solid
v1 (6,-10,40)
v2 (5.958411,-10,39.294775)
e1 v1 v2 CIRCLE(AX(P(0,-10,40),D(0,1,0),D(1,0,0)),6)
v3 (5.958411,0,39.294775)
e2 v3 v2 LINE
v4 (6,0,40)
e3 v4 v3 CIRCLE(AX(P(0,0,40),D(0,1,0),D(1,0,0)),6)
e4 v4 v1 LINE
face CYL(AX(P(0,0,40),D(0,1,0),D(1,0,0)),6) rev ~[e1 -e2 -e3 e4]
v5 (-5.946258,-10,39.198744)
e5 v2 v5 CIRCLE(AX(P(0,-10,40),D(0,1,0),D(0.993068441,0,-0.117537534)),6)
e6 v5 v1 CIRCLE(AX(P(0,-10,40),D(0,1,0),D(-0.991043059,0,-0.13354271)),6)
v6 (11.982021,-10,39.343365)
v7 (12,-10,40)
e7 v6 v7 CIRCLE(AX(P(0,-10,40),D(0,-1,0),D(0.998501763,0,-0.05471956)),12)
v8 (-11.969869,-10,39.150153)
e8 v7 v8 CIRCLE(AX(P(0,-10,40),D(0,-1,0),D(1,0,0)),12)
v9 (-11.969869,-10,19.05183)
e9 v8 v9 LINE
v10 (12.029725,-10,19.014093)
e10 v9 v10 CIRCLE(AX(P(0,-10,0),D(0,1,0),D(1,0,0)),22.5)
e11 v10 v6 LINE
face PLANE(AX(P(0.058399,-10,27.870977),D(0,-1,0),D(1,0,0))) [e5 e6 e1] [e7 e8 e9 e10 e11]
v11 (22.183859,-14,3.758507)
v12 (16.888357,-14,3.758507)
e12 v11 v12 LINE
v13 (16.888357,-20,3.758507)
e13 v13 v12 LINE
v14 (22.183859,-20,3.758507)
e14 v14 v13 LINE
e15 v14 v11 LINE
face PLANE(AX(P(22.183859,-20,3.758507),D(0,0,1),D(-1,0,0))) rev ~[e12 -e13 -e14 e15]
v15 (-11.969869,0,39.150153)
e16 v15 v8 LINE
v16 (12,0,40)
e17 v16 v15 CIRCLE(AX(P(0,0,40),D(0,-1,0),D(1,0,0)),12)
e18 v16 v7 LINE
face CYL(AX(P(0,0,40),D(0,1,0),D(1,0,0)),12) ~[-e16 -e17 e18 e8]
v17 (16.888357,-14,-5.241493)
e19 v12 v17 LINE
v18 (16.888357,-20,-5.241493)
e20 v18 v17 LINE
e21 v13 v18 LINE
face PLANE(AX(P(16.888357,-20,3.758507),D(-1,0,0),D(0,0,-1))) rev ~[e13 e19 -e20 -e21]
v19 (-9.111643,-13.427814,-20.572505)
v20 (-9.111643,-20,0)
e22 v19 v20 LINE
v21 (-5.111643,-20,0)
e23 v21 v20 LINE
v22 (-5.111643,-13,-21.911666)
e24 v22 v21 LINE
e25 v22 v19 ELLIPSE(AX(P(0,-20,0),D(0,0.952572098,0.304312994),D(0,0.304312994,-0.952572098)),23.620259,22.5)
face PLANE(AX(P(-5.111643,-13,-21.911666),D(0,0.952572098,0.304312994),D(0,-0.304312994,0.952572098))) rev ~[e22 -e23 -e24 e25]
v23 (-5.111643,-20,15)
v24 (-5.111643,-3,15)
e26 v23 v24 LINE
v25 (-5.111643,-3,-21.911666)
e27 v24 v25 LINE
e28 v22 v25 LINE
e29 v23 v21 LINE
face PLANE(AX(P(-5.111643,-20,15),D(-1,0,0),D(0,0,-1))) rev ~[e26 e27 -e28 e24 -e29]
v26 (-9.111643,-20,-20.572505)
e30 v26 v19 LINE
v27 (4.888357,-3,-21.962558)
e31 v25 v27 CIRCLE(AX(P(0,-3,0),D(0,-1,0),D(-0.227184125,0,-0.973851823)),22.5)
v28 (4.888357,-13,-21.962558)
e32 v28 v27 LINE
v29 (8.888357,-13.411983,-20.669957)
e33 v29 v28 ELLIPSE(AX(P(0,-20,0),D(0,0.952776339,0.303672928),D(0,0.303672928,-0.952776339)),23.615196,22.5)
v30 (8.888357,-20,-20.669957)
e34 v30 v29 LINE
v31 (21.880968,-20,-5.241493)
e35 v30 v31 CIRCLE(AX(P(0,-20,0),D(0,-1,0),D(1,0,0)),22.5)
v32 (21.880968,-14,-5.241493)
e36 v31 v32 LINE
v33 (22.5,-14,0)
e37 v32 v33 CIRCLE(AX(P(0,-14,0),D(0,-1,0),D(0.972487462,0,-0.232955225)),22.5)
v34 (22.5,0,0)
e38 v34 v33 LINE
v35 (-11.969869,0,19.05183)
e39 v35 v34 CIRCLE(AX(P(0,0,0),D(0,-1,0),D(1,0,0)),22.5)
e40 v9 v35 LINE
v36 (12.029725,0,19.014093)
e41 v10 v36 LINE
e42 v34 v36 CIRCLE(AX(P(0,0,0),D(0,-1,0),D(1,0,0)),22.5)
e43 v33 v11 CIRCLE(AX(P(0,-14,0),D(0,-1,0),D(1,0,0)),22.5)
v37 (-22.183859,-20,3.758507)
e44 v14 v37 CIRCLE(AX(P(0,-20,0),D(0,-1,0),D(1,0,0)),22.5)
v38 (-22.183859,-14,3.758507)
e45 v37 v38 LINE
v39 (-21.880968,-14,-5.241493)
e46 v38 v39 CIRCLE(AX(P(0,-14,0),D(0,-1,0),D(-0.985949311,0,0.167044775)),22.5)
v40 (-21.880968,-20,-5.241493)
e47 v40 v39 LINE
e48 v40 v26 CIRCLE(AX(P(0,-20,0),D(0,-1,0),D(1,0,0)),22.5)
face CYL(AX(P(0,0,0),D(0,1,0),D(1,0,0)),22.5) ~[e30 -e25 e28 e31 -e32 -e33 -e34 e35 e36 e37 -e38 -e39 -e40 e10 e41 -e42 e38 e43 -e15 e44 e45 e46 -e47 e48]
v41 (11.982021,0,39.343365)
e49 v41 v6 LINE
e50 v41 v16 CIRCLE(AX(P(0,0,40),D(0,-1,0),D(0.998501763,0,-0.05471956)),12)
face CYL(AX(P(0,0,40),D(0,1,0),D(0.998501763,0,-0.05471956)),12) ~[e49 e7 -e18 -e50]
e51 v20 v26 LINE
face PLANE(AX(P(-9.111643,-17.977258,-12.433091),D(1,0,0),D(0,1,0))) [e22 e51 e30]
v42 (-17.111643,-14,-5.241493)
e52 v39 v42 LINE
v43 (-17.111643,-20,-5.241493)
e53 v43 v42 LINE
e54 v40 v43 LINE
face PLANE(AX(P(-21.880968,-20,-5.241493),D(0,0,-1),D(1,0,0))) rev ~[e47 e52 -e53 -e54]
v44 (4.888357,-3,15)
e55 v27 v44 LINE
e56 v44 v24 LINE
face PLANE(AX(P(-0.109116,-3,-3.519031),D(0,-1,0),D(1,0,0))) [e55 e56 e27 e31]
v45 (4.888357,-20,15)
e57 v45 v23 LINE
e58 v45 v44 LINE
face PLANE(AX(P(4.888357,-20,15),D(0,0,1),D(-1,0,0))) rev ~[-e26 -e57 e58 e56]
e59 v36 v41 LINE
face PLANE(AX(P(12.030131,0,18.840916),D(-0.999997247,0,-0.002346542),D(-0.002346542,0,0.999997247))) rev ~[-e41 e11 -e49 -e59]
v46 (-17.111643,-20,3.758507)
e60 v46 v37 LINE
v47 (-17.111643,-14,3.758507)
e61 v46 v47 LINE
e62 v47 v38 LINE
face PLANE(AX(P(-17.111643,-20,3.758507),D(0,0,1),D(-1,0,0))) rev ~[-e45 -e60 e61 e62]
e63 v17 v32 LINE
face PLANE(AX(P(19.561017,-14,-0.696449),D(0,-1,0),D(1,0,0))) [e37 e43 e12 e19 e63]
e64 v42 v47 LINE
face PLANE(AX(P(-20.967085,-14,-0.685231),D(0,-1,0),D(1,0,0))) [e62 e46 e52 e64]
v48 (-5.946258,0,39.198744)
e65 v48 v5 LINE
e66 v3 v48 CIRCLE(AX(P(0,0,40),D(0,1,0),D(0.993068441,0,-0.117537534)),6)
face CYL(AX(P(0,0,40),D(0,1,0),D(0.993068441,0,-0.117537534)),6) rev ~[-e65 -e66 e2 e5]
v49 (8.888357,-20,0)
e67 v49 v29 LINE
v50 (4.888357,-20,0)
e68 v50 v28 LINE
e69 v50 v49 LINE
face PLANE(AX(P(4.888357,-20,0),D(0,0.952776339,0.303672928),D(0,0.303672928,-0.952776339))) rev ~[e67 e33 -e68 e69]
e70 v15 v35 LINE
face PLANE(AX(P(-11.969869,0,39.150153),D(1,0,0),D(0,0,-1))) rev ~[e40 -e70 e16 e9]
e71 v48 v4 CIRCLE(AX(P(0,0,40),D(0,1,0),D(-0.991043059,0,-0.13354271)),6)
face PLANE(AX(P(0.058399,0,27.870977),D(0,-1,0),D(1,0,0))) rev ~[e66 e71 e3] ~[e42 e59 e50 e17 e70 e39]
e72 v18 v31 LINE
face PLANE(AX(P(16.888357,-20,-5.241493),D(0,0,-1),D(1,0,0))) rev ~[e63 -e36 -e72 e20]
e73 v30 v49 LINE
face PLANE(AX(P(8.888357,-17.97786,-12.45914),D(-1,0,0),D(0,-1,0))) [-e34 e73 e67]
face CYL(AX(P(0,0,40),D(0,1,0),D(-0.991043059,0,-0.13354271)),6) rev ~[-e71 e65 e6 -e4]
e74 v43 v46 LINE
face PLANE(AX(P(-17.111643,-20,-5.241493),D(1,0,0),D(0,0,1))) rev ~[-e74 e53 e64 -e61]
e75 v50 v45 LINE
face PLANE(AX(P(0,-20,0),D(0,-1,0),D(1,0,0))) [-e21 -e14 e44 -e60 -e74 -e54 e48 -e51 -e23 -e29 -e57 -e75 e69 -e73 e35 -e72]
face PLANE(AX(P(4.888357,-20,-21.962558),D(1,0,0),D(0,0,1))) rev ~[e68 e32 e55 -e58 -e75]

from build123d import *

# Parameters (mm, degrees)
F0_R      = 22.5
F1_DEPTH  = 20
F2_W      = 2.5675058744
F2_H      = 9
F3_DEPTH  = 6
F5_DEPTH  = 17
F7_DEPTH  = 4
F9_DEPTH  = 4
F11_DEPTH = 10


with BuildPart() as f1:
    # F0 (on Front) → F1 (new body)
    with BuildSketch(Plane.XZ):
        Circle(F0_R)
    extrude(amount=F1_DEPTH)

    # F2 (on face) → F3 (cut)
    with BuildSketch(Plane.XZ.offset(20)):
        with BuildLine():
            Line((-19.6791486824, 3.7585074455), (-22.183859488, 3.7585074455))
            ThreePointArc((-22.183859488, 3.7585074455), (-22.4872686861, -0.7568005275), (-21.8809678899, -5.2414925545))
            Line((-21.8809678899, -5.2414925545), (-19.6791486824, -5.2414925545))
            Line((-19.6791486824, -5.2414925545), (-19.6791486824, 3.7585074455))
        make_face()
        with Locations((-18.3953957452, -0.7414925545)):
            Rectangle(F2_W, F2_H)
        with BuildLine():
            ThreePointArc((22.5, 0), (22.42082557, 1.885889912), (22.183859488, 3.7585074455))
            Line((22.183859488, 3.7585074455), (16.888357192, 3.7585074455))
            Line((16.888357192, 3.7585074455), (16.888357192, -5.2414925545))
            Line((16.888357192, -5.2414925545), (21.8809678899, -5.2414925545))
            ThreePointArc((21.8809678899, -5.2414925545), (22.3447060567, -2.638960257), (22.5, 0))
        make_face()
    extrude(amount=-F3_DEPTH, mode=Mode.SUBTRACT)

    # F4 (on face) → F5 (cut)
    with BuildSketch(Plane.XZ.offset(20)):
        with BuildLine():
            ThreePointArc((-5.111642808, -21.9116660207), (-0.1145059859, -22.4997086288), (4.888357192, -21.962558229))
            Line((4.888357192, -21.962558229), (4.888357192, 15))
            Line((4.888357192, 15), (-5.111642808, 15))
            Line((-5.111642808, 15), (-5.111642808, -21.9116660207))
        make_face()
    extrude(amount=-F5_DEPTH, mode=Mode.SUBTRACT)

    # F6 (on face) → F7 (cut)
    with BuildSketch(Plane(origin=(4.888357192, 0, 0), x_dir=(0, -1, 0), z_dir=(-1, 0, 0))):
        Polygon((20, 0), (13, -21.962558229), (20, -21.962558229), align=None)
    extrude(amount=-F7_DEPTH, mode=Mode.SUBTRACT)

    # F8 (on face) → F9 (cut)
    with BuildSketch(Plane.YZ.offset(-5.111642808)):
        Polygon((-20, -21.9116660207), (-13, -21.9116660207), (-20, 0), align=None)
    extrude(amount=-F9_DEPTH, mode=Mode.SUBTRACT)

    # F10 (on Front) → F11 (join)
    with BuildSketch(Plane.XZ):
        with BuildLine():
            ThreePointArc((11.9820211506, 39.3433652862), (0.0967969112, 28.0003904081), (-11.9698688592, 39.1501532526))
            Line((-11.9698688592, 39.1501532526), (-11.9698688592, 18.8409157593))
            Line((-11.9698688592, 18.8409157593), (12.0301311408, 18.8409157593))
            Line((12.0301311408, 18.8409157593), (11.9820211506, 39.3433652862))
        make_face()
        with BuildLine():
            ThreePointArc((5.958410645, 39.2947747978), (0.0483984556, 34.0001952041), (-5.9462583536, 39.1987437411))
            Line((-5.9462583536, 39.1987437411), (-11.9698688592, 39.1501532526))
            ThreePointArc((-11.9698688592, 39.1501532526), (0.0967969112, 28.0003904081), (11.9820211506, 39.3433652862))
            Line((11.9820211506, 39.3433652862), (5.958410645, 39.2947747978))
        make_face()
        with BuildLine():
            ThreePointArc((-5.9462583536, 39.1987437411), (-0.4015282546, 45.9865495121), (6, 40))
            ThreePointArc((6, 40), (5.9895936369, 39.6467747672), (5.958410645, 39.2947747978))
            Line((5.958410645, 39.2947747978), (11.9820211506, 39.3433652862))
            ThreePointArc((11.9820211506, 39.3433652862), (11.9955044456, 39.6715595996), (12, 40))
            ThreePointArc((12, 40), (-0.4251903631, 51.992464849), (-11.9698688592, 39.1501532526))
            Line((-11.9698688592, 39.1501532526), (-5.9462583536, 39.1987437411))
        make_face()
    extrude(amount=F11_DEPTH)


solid = f1.part
